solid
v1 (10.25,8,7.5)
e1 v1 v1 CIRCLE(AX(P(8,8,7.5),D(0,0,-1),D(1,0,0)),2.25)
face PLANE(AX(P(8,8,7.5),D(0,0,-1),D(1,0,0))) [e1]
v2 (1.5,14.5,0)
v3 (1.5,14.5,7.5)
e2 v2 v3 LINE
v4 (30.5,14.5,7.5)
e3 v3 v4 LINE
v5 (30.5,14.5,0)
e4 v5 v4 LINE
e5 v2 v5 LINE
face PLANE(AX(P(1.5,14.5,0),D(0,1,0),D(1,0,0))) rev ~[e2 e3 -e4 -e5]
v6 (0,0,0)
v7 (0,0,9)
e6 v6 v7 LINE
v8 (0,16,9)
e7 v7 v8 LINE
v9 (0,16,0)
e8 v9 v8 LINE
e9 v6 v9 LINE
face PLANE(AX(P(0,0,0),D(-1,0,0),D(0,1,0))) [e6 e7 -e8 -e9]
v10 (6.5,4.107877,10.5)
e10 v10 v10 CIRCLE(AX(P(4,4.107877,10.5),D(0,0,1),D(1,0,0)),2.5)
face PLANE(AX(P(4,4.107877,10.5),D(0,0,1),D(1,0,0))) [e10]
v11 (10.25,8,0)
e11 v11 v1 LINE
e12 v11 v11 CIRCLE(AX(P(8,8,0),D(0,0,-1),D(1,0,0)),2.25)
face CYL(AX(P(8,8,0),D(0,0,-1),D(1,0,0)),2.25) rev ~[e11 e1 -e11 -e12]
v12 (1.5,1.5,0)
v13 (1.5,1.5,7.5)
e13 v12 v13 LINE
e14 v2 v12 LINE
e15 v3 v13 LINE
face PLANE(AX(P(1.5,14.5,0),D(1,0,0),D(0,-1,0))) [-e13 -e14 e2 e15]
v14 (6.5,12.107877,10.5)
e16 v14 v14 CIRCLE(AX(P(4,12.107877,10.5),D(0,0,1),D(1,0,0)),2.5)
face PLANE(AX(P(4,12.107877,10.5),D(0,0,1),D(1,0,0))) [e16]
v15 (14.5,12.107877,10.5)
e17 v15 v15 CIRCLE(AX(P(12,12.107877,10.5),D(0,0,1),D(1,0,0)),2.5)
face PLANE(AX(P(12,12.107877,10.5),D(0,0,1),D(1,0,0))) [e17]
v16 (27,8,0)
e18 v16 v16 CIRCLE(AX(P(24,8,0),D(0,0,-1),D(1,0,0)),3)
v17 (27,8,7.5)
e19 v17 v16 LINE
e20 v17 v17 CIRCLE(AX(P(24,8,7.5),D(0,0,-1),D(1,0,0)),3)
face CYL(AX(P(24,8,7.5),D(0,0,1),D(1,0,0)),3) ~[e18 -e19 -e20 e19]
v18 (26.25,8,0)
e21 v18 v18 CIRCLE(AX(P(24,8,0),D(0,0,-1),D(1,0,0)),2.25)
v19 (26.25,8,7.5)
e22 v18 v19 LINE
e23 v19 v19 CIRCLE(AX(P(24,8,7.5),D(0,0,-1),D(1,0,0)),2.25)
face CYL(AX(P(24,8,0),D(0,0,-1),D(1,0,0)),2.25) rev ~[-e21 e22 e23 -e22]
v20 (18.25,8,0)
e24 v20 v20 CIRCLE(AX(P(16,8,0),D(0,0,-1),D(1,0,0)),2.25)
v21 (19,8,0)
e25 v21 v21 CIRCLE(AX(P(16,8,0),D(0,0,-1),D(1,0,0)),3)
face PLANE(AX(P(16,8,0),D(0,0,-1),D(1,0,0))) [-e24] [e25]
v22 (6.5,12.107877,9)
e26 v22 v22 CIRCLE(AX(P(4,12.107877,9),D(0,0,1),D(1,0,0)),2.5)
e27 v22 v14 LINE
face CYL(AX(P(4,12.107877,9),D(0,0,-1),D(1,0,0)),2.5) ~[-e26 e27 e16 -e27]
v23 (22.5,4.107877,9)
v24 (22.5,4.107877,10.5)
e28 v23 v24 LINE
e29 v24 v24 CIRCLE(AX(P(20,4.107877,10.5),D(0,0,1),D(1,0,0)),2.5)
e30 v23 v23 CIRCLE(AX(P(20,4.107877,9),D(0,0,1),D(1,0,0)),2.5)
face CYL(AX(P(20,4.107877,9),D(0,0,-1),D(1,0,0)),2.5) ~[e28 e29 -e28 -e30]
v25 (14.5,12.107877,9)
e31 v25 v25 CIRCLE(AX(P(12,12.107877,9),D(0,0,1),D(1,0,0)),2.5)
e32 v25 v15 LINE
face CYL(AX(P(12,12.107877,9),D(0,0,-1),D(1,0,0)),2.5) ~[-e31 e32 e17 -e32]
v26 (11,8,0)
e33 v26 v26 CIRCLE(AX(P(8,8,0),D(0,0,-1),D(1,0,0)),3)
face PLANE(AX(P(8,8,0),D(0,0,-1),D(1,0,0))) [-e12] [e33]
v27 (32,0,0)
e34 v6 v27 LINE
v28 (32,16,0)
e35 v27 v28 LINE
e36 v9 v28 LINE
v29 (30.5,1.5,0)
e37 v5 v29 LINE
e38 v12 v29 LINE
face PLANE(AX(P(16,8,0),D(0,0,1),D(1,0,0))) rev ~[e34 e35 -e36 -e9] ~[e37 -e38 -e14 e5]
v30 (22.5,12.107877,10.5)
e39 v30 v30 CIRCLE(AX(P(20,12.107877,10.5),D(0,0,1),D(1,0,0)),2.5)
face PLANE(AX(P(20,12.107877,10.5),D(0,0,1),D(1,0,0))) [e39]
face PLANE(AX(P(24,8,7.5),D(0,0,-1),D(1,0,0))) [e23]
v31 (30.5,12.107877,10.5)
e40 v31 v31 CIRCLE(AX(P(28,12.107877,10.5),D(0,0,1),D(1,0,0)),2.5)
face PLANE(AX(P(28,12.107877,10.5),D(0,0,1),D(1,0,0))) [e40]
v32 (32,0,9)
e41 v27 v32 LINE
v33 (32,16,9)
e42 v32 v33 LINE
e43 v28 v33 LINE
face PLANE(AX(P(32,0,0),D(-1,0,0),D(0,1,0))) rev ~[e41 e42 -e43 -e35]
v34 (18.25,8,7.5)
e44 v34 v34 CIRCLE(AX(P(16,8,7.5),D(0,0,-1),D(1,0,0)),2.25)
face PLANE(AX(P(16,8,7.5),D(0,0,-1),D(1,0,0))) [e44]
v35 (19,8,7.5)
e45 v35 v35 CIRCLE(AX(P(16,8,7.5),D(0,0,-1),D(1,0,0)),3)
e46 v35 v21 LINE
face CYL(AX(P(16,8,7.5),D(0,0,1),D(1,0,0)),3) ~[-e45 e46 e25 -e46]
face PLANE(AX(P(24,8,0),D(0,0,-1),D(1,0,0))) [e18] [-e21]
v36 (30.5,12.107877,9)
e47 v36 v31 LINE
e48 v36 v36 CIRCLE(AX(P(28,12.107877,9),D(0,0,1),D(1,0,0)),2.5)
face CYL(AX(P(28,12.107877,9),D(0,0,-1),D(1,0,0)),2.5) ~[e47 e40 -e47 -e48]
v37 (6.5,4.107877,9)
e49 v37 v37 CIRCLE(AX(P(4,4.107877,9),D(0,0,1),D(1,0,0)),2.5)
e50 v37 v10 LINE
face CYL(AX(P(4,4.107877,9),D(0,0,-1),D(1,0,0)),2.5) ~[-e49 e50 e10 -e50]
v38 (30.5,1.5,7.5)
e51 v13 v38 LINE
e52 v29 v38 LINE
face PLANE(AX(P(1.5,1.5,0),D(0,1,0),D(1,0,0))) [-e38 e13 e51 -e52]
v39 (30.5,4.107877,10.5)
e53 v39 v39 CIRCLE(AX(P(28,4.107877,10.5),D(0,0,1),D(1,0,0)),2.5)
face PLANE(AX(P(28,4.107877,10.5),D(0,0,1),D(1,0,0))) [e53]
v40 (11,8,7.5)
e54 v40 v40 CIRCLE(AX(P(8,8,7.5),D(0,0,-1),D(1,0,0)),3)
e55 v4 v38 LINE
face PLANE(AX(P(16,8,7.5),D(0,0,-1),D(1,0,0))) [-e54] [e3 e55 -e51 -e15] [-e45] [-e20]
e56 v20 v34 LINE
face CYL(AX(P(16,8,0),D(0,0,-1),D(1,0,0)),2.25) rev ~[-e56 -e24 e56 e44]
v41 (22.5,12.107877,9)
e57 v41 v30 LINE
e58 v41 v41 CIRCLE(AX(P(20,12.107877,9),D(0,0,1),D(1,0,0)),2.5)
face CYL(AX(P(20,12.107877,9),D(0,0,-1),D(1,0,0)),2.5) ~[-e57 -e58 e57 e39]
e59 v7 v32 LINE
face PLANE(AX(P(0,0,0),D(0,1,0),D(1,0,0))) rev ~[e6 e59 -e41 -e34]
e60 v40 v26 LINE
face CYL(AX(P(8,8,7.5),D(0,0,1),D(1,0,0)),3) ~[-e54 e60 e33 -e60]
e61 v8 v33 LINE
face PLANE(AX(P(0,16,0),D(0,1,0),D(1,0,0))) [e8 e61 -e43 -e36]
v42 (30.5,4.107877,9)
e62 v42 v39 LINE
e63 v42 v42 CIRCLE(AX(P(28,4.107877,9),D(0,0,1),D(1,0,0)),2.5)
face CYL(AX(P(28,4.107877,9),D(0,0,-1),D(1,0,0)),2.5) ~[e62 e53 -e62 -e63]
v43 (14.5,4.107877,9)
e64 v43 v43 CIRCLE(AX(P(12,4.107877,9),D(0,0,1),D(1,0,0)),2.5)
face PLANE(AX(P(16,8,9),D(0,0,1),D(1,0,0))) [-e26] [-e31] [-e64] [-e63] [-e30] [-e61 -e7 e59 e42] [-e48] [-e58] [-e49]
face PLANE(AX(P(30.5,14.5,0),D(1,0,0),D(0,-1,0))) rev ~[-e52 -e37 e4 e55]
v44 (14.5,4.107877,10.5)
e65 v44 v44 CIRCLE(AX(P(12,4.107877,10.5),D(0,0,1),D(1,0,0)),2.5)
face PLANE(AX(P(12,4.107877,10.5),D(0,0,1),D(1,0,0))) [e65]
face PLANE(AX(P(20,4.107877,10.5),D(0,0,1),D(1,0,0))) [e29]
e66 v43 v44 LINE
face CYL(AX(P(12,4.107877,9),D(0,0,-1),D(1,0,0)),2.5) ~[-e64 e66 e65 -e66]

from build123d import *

# Parameters (mm, degrees)
F0_W     = 32
F0_H     = 16
F1_DEPTH = 9
F2_R     = 2.5
F3_DEPTH = 1.5
F4_W     = 29
F4_H     = 13
F5_DEPTH = 7.5
F6_R     = 3
F7_DEPTH = 7.5
F8_R     = 2.25
F9_DEPTH = 7.5


with BuildPart() as f1:
    # F0 (on Top) → F1 (new body)
    with BuildSketch(Plane.XY):
        with Locations((16, 8)):
            Rectangle(F0_W, F0_H)
    extrude(amount=F1_DEPTH)

    # F2 (on face) → F3 (join)
    with BuildSketch(Plane.XY.offset(9)):
        with Locations((4, 4.107877)):
            Circle(F2_R)
        with Locations((4, 12.107877)):
            Circle(F2_R)
        with Locations((12, 12.107877)):
            Circle(F2_R)
        with Locations((12, 4.107877)):
            Circle(F2_R)
        with Locations((20, 12.107877)):
            Circle(F2_R)
        with Locations((20, 4.107877)):
            Circle(F2_R)
        with Locations((28, 4.107877)):
            Circle(F2_R)
        with Locations((28, 12.107877)):
            Circle(F2_R)
    extrude(amount=F3_DEPTH)

    # F4 (on face) → F5 (cut)
    with BuildSketch(Plane(origin=(0, 0, 0), x_dir=(1, 0, 0), z_dir=(0, 0, -1))):
        with Locations((16, -8)):
            Rectangle(F4_W, F4_H)
    extrude(amount=-F5_DEPTH, mode=Mode.SUBTRACT)

    # F6 (on face) → F7 (join)
    with BuildSketch(Plane(origin=(0, 0, 7.5), x_dir=(1, 0, 0), z_dir=(0, 0, -1))):
        with Locations((8, -8)):
            Circle(F6_R)
        with Locations((16, -8)):
            Circle(F6_R)
        with Locations((24, -8)):
            Circle(F6_R)
    extrude(amount=F7_DEPTH)

    # F8 (on face) → F9 (cut)
    with BuildSketch(Plane(origin=(0, 0, 0), x_dir=(1, 0, 0), z_dir=(0, 0, -1))):
        with Locations((8, -8)):
            Circle(F8_R)
        with Locations((16, -8)):
            Circle(F8_R)
        with Locations((24, -8)):
            Circle(F8_R)
    extrude(amount=-F9_DEPTH, mode=Mode.SUBTRACT)


solid = f1.part
